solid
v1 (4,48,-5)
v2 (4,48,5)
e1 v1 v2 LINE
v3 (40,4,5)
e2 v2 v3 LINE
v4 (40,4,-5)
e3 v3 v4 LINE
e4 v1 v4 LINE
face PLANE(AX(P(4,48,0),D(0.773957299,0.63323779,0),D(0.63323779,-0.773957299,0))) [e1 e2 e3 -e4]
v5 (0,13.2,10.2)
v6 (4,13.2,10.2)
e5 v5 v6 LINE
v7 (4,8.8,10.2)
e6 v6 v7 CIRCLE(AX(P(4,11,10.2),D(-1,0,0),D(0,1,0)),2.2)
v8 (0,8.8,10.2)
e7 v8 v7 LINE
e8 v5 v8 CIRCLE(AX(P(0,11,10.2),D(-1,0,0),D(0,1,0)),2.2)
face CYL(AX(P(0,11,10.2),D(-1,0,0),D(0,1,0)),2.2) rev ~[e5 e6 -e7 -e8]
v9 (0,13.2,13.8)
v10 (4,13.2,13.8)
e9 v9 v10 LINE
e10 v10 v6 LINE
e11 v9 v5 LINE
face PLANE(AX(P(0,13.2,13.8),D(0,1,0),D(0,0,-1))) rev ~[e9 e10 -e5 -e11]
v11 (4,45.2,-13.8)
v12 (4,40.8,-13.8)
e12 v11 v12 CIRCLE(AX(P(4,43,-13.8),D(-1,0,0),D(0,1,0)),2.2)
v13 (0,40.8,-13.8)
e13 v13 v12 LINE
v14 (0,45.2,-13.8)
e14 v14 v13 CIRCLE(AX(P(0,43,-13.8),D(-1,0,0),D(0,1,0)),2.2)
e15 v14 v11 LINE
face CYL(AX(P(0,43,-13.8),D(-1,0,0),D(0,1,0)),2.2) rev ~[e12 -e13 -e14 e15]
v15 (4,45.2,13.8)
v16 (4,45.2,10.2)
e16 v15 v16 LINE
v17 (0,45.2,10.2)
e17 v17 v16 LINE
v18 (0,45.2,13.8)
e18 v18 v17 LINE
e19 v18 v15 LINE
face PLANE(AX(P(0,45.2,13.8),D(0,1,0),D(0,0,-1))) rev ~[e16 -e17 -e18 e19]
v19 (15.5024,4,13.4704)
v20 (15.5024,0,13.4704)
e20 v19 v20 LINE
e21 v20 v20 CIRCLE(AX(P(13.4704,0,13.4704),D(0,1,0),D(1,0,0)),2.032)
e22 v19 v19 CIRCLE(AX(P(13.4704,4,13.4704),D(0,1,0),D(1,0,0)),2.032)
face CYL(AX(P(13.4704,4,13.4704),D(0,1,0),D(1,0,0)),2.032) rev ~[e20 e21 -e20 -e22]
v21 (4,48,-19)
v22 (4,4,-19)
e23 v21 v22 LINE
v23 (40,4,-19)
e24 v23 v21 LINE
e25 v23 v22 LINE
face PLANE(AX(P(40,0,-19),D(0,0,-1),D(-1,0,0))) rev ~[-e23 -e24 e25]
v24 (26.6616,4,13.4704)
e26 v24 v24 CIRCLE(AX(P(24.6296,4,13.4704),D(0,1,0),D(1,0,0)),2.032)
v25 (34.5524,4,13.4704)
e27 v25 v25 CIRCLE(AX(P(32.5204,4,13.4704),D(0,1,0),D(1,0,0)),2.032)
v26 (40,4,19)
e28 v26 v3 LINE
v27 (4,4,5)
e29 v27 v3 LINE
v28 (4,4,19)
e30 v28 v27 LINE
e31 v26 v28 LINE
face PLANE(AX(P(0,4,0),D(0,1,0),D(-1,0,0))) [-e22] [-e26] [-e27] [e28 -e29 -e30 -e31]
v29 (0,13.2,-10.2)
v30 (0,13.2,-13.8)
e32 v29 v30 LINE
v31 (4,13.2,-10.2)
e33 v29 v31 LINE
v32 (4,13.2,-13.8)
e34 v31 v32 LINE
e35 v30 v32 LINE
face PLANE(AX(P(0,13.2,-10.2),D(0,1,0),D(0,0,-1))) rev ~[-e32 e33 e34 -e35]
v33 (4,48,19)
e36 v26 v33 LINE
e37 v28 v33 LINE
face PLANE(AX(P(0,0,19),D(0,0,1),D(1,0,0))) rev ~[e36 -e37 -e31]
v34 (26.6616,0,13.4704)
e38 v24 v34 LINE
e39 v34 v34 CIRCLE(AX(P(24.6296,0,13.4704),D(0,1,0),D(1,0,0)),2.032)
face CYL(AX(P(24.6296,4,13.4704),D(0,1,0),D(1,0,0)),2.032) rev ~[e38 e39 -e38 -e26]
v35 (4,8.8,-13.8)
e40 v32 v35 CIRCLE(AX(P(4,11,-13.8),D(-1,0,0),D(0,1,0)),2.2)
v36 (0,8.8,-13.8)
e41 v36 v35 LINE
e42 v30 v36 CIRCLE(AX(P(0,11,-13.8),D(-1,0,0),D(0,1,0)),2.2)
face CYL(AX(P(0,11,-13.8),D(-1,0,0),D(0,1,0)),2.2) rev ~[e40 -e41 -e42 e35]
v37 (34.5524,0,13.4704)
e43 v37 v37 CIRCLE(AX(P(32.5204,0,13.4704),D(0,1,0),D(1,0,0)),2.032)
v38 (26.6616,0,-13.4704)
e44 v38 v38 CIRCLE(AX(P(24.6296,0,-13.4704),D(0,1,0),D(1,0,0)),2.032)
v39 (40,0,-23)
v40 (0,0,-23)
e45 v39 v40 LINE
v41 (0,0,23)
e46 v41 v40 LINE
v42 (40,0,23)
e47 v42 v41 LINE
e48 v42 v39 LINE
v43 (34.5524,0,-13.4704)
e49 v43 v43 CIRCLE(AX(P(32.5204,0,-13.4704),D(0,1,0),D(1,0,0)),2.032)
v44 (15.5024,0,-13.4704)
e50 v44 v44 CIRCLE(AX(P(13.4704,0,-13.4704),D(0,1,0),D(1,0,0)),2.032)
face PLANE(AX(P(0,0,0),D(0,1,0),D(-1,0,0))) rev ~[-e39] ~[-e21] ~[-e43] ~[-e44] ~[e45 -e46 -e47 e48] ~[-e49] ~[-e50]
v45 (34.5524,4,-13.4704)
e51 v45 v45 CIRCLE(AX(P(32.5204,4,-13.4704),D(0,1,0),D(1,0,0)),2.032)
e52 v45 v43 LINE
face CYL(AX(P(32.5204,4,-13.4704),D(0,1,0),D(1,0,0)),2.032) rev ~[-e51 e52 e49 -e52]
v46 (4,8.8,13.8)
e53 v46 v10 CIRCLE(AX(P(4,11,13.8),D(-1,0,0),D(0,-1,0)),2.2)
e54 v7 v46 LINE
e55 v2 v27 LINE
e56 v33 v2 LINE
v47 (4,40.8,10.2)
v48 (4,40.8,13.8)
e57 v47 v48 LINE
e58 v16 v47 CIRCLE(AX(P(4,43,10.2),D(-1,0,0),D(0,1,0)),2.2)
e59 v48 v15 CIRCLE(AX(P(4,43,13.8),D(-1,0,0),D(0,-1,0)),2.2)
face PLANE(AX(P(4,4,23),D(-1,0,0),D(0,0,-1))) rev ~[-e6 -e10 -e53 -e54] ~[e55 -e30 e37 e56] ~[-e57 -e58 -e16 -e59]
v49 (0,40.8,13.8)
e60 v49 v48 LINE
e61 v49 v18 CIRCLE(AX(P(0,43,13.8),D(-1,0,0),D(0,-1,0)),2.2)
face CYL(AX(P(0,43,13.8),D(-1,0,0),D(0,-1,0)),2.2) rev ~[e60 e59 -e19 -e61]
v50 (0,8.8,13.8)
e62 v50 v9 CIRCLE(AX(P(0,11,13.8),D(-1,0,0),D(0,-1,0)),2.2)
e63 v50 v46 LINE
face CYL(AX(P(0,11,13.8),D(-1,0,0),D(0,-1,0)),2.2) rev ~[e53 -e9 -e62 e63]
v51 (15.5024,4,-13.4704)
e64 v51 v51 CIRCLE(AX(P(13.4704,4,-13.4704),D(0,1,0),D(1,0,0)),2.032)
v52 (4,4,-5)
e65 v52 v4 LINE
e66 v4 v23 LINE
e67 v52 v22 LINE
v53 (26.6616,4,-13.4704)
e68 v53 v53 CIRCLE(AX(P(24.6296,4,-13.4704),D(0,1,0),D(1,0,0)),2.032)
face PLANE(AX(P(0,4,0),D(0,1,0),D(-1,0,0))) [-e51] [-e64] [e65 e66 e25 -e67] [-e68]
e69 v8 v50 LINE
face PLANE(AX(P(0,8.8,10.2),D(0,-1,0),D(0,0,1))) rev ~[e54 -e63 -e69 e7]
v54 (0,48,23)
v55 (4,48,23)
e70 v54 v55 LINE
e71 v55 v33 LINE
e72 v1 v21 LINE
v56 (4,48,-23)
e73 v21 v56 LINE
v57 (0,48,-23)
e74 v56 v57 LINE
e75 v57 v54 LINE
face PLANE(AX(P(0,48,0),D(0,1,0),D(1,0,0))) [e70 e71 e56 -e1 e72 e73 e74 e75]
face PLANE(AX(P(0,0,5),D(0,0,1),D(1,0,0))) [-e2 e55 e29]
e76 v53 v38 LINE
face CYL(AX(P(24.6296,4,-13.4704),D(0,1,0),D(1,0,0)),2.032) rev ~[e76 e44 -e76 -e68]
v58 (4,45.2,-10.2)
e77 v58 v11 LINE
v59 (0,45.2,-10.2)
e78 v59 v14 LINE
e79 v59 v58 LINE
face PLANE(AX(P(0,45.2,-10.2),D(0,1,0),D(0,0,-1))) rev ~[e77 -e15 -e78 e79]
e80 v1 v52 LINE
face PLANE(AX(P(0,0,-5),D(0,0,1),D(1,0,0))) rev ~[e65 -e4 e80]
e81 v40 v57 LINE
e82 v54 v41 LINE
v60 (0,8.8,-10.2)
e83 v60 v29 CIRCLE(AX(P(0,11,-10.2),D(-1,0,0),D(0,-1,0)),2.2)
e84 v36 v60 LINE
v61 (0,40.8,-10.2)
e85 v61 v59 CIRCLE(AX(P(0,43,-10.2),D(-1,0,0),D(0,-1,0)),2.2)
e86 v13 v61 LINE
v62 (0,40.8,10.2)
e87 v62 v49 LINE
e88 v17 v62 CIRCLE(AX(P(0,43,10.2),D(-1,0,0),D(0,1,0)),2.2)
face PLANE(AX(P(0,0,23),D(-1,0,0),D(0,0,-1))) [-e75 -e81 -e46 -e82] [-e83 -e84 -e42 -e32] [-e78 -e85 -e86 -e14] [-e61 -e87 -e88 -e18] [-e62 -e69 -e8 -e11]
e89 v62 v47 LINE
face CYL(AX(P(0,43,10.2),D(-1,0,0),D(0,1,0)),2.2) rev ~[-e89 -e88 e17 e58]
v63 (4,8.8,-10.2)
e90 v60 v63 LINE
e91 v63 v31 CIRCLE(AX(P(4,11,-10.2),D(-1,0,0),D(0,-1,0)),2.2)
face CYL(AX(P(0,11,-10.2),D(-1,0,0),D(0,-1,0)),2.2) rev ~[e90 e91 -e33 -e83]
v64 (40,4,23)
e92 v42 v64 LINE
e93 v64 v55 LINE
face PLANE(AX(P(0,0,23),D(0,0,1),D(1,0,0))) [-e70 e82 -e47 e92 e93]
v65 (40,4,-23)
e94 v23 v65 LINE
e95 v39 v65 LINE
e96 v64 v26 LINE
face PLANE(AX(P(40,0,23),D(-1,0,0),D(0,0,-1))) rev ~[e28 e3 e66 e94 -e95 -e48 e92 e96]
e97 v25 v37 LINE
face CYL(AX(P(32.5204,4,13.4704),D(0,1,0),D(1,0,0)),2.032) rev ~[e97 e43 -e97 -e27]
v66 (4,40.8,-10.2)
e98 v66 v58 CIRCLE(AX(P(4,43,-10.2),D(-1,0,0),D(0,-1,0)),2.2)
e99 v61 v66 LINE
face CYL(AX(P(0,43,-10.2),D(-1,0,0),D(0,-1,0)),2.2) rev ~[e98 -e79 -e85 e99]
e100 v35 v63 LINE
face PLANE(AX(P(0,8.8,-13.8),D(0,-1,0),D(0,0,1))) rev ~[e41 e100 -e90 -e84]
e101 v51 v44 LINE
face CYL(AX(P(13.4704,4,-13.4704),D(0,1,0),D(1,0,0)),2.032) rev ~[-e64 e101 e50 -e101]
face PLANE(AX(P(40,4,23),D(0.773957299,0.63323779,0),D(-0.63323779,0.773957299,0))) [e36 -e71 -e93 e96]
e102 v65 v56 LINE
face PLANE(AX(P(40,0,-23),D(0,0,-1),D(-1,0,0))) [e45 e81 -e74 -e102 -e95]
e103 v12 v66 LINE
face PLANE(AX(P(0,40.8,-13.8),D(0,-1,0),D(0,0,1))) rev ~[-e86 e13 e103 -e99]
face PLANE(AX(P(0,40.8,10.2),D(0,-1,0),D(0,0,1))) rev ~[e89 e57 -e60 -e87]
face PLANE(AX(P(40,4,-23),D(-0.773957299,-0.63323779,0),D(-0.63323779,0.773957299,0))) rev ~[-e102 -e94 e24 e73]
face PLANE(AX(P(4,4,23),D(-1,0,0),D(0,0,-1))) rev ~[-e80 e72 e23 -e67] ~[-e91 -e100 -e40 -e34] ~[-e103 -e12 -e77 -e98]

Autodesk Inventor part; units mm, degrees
ref_plane "YZ Plane" through (0, 0, 0) normal (1, 0, 0) x (0, 1, 0)
ref_plane "XZ Plane" through (0, 0, 0) normal (0, 1, 0) x (-1, 0, 0)
sketch "Sketch1" plane through (0, 0, 0) normal (0, 1, 0) x (-1, 0, 0)
  line L0 (-40, -23) -> (0, -23)
  line L1 (-40, 23) -> (0, 23)
  line L2 (0, 23) -> (0, -23)
  line L3 (-40, 23) -> (-40, -23)
  line L4 (-40, -12) -> (0, -12) construction
  line L5 (-40, 12) -> (0, 12) construction
  line L6 (-4, 23) -> (-4, -23) construction
  circle A0 centre (-9.5, 12) radius 3.5 construction
  line L7 (0, 19) -> (-40, 19) construction
  point P0 (0, 0)
  dimension "d5" = 46
  dimension "d6" = 23
  dimension "d7" = 40
  dimension "d8" = 0
  dimension "d9" = 12
  dimension "d10" = 12
  dimension "d12" = 4
  dimension "d22" = 7
  dimension "d23" = 4
extrude "Lift Attachment Plate" add sketch "Sketch1" along normal blind 4
sketch "Sketch2" plane through (0, 4, 0) normal (0, 1, 0) x (1, 0, 0)
  line L0 (0, 23) -> (0, -23) projected
  line L1 (40, 23) -> (0, 23) projected
  line L2 (0, -23) -> (4, -23)
  line L3 (4, -23) -> (4, 23)
  line L4 (4, 23) -> (0, 23)
  line L5 (0, 23) -> (0, -23)
  point P0 (0, 0)
  dimension "d26" = 4
extrude "Cross bar Attachment Plate" add sketch "Sketch2" along normal blind 44
sketch "Sketch3" plane through (0, 0, 23) normal (0, 0, 1) x (1, 0, 0)
  line L0 (4, 4) -> (4, 48) projected
  line L1 (4, 48) -> (4, 4)
  line L2 (40, 4) -> (4, 4) projected
  line L3 (4, 4) -> (40, 4)
  line L4 (40, 4) -> (4, 48)
  point P0 (0, 0)
extrude "Left bracket" add sketch "Sketch3" against normal blind 4
sketch "Sketch4" plane through (0, 0, 0) normal (0, 0, 1) x (1, 0, 0)
  line L0 (4, 48) -> (40, 4) projected
  line L1 (4, 4) -> (40, 4) projected
  line L2 (4, 48) -> (4, 4)
  line L3 (4, 4) -> (40, 4)
  line L4 (40, 4) -> (4, 48)
  point P0 (0, 0)
extrude "Center bracket" add sketch "Sketch4" along normal mid plane 10
sketch "Sketch5" plane through (40, 0, -23) normal (0, 0, -1) x (-1, 0, 0)
  line L0 (36, 48) -> (40, 48) projected
  line L1 (36, 48) -> (36, 4) projected
  line L2 (36, 48) -> (36, 4)
  line L3 (0, 4) -> (36, 4) projected
  line L4 (36, 4) -> (0, 4)
  line L5 (0, 4) -> (36, 48)
  point P0 (40, 0)
extrude "Right bracket" add sketch "Sketch5" against normal blind 4
sketch "Sketch6" plane through (0, 0, -23) normal (-1, 0, 0) x (0, 0, 1)
  circle A0 centre (35, 11) radius 2 construction
  circle A1 centre (11, 11) radius 2 construction
  line L0 (0, 0) -> (46, 0) construction
  line L1 (23, 57.6) -> (23, -9.6) construction
  circle A2 centre (35, 43) radius 2 construction
  circle A3 centre (11, 43) radius 2 construction
  line L2 (42, 48) -> (42, 4) construction
  line L3 (4, 4) -> (4, 48) construction
  line L4 (15, 11) -> (7, 11) construction
  line L5 (4, 4) -> (4, 48) projected
  line L6 (12.8, 13.2) -> (9.2, 13.2)
  line L7 (9.2, 8.8) -> (12.8, 8.8)
  arc A4 (12.8, 8.8) -> (12.8, 13.2) centre (12.8, 11) ccw
  arc A5 (9.2, 13.2) -> (9.2, 8.8) centre (9.2, 11) ccw
  point P0 (23, 0)
  dimension "d35" = 4
  dimension "d36" = 4
  dimension "d37" = 11
  dimension "d38" = 11
  dimension "d39" = 12
  dimension "d40" = 12
  dimension "d41" = 4
  dimension "d42" = 4
  dimension "d43" = 32
  dimension "d44" = 32
  dimension "d45" = 4
  dimension "d46" = 4
  dimension "d47" = 4.4
extrude "Extrusion6" cut sketch "Sketch6" against normal through all
pattern_linear "Rectangular Pattern1" count 2 spacing 24 along (0, 0, 1) count 2 spacing 32 along (0, 1, 0) of "Extrusion6"
sketch "Sketch7" plane through (0, 4, 0) normal (0, 1, 0) x (1, 0, 0)
  circle A0 centre (13.4704, -13.4704) radius 1.778 construction
  circle A1 centre (24.6296, -13.4704) radius 1.778 construction
  circle A2 centre (32.5204, -13.4704) radius 1.778 construction
  circle A3 centre (24.6296, 13.4704) radius 1.778 construction
  circle A4 centre (13.4704, 13.4704) radius 1.778 construction
  circle A5 centre (32.5204, 13.4704) radius 1.778 construction
  circle A6 centre (13.4704, -13.4704) radius 2.032
  circle A7 centre (24.6296, -13.4704) radius 2.032
  circle A8 centre (32.5204, -13.4704) radius 2.032
  circle A9 centre (13.4704, 13.4704) radius 2.032
  circle A10 centre (24.6296, 13.4704) radius 2.032
  circle A11 centre (32.5204, 13.4704) radius 2.032
  point P0 (0, 0)
  dimension "d56" = 4.064
  dimension "d57" = 4.064
  dimension "d58" = 4.064
  dimension "d59" = 4.064
  dimension "d60" = 4.064
  dimension "d61" = 4.064
extrude "Extrusion7" cut sketch "Sketch7" against normal blind 10
equation "\"d6\" = 0.5 * d5"
equation "\"d10\" = d9"
equation "\"d38\" = d37"
equation "\"d39\" = d40"
equation "\"d44\" = d43"
equation "\"d46\" = d45"
properties part number "Cross bar bracket actobotics"
